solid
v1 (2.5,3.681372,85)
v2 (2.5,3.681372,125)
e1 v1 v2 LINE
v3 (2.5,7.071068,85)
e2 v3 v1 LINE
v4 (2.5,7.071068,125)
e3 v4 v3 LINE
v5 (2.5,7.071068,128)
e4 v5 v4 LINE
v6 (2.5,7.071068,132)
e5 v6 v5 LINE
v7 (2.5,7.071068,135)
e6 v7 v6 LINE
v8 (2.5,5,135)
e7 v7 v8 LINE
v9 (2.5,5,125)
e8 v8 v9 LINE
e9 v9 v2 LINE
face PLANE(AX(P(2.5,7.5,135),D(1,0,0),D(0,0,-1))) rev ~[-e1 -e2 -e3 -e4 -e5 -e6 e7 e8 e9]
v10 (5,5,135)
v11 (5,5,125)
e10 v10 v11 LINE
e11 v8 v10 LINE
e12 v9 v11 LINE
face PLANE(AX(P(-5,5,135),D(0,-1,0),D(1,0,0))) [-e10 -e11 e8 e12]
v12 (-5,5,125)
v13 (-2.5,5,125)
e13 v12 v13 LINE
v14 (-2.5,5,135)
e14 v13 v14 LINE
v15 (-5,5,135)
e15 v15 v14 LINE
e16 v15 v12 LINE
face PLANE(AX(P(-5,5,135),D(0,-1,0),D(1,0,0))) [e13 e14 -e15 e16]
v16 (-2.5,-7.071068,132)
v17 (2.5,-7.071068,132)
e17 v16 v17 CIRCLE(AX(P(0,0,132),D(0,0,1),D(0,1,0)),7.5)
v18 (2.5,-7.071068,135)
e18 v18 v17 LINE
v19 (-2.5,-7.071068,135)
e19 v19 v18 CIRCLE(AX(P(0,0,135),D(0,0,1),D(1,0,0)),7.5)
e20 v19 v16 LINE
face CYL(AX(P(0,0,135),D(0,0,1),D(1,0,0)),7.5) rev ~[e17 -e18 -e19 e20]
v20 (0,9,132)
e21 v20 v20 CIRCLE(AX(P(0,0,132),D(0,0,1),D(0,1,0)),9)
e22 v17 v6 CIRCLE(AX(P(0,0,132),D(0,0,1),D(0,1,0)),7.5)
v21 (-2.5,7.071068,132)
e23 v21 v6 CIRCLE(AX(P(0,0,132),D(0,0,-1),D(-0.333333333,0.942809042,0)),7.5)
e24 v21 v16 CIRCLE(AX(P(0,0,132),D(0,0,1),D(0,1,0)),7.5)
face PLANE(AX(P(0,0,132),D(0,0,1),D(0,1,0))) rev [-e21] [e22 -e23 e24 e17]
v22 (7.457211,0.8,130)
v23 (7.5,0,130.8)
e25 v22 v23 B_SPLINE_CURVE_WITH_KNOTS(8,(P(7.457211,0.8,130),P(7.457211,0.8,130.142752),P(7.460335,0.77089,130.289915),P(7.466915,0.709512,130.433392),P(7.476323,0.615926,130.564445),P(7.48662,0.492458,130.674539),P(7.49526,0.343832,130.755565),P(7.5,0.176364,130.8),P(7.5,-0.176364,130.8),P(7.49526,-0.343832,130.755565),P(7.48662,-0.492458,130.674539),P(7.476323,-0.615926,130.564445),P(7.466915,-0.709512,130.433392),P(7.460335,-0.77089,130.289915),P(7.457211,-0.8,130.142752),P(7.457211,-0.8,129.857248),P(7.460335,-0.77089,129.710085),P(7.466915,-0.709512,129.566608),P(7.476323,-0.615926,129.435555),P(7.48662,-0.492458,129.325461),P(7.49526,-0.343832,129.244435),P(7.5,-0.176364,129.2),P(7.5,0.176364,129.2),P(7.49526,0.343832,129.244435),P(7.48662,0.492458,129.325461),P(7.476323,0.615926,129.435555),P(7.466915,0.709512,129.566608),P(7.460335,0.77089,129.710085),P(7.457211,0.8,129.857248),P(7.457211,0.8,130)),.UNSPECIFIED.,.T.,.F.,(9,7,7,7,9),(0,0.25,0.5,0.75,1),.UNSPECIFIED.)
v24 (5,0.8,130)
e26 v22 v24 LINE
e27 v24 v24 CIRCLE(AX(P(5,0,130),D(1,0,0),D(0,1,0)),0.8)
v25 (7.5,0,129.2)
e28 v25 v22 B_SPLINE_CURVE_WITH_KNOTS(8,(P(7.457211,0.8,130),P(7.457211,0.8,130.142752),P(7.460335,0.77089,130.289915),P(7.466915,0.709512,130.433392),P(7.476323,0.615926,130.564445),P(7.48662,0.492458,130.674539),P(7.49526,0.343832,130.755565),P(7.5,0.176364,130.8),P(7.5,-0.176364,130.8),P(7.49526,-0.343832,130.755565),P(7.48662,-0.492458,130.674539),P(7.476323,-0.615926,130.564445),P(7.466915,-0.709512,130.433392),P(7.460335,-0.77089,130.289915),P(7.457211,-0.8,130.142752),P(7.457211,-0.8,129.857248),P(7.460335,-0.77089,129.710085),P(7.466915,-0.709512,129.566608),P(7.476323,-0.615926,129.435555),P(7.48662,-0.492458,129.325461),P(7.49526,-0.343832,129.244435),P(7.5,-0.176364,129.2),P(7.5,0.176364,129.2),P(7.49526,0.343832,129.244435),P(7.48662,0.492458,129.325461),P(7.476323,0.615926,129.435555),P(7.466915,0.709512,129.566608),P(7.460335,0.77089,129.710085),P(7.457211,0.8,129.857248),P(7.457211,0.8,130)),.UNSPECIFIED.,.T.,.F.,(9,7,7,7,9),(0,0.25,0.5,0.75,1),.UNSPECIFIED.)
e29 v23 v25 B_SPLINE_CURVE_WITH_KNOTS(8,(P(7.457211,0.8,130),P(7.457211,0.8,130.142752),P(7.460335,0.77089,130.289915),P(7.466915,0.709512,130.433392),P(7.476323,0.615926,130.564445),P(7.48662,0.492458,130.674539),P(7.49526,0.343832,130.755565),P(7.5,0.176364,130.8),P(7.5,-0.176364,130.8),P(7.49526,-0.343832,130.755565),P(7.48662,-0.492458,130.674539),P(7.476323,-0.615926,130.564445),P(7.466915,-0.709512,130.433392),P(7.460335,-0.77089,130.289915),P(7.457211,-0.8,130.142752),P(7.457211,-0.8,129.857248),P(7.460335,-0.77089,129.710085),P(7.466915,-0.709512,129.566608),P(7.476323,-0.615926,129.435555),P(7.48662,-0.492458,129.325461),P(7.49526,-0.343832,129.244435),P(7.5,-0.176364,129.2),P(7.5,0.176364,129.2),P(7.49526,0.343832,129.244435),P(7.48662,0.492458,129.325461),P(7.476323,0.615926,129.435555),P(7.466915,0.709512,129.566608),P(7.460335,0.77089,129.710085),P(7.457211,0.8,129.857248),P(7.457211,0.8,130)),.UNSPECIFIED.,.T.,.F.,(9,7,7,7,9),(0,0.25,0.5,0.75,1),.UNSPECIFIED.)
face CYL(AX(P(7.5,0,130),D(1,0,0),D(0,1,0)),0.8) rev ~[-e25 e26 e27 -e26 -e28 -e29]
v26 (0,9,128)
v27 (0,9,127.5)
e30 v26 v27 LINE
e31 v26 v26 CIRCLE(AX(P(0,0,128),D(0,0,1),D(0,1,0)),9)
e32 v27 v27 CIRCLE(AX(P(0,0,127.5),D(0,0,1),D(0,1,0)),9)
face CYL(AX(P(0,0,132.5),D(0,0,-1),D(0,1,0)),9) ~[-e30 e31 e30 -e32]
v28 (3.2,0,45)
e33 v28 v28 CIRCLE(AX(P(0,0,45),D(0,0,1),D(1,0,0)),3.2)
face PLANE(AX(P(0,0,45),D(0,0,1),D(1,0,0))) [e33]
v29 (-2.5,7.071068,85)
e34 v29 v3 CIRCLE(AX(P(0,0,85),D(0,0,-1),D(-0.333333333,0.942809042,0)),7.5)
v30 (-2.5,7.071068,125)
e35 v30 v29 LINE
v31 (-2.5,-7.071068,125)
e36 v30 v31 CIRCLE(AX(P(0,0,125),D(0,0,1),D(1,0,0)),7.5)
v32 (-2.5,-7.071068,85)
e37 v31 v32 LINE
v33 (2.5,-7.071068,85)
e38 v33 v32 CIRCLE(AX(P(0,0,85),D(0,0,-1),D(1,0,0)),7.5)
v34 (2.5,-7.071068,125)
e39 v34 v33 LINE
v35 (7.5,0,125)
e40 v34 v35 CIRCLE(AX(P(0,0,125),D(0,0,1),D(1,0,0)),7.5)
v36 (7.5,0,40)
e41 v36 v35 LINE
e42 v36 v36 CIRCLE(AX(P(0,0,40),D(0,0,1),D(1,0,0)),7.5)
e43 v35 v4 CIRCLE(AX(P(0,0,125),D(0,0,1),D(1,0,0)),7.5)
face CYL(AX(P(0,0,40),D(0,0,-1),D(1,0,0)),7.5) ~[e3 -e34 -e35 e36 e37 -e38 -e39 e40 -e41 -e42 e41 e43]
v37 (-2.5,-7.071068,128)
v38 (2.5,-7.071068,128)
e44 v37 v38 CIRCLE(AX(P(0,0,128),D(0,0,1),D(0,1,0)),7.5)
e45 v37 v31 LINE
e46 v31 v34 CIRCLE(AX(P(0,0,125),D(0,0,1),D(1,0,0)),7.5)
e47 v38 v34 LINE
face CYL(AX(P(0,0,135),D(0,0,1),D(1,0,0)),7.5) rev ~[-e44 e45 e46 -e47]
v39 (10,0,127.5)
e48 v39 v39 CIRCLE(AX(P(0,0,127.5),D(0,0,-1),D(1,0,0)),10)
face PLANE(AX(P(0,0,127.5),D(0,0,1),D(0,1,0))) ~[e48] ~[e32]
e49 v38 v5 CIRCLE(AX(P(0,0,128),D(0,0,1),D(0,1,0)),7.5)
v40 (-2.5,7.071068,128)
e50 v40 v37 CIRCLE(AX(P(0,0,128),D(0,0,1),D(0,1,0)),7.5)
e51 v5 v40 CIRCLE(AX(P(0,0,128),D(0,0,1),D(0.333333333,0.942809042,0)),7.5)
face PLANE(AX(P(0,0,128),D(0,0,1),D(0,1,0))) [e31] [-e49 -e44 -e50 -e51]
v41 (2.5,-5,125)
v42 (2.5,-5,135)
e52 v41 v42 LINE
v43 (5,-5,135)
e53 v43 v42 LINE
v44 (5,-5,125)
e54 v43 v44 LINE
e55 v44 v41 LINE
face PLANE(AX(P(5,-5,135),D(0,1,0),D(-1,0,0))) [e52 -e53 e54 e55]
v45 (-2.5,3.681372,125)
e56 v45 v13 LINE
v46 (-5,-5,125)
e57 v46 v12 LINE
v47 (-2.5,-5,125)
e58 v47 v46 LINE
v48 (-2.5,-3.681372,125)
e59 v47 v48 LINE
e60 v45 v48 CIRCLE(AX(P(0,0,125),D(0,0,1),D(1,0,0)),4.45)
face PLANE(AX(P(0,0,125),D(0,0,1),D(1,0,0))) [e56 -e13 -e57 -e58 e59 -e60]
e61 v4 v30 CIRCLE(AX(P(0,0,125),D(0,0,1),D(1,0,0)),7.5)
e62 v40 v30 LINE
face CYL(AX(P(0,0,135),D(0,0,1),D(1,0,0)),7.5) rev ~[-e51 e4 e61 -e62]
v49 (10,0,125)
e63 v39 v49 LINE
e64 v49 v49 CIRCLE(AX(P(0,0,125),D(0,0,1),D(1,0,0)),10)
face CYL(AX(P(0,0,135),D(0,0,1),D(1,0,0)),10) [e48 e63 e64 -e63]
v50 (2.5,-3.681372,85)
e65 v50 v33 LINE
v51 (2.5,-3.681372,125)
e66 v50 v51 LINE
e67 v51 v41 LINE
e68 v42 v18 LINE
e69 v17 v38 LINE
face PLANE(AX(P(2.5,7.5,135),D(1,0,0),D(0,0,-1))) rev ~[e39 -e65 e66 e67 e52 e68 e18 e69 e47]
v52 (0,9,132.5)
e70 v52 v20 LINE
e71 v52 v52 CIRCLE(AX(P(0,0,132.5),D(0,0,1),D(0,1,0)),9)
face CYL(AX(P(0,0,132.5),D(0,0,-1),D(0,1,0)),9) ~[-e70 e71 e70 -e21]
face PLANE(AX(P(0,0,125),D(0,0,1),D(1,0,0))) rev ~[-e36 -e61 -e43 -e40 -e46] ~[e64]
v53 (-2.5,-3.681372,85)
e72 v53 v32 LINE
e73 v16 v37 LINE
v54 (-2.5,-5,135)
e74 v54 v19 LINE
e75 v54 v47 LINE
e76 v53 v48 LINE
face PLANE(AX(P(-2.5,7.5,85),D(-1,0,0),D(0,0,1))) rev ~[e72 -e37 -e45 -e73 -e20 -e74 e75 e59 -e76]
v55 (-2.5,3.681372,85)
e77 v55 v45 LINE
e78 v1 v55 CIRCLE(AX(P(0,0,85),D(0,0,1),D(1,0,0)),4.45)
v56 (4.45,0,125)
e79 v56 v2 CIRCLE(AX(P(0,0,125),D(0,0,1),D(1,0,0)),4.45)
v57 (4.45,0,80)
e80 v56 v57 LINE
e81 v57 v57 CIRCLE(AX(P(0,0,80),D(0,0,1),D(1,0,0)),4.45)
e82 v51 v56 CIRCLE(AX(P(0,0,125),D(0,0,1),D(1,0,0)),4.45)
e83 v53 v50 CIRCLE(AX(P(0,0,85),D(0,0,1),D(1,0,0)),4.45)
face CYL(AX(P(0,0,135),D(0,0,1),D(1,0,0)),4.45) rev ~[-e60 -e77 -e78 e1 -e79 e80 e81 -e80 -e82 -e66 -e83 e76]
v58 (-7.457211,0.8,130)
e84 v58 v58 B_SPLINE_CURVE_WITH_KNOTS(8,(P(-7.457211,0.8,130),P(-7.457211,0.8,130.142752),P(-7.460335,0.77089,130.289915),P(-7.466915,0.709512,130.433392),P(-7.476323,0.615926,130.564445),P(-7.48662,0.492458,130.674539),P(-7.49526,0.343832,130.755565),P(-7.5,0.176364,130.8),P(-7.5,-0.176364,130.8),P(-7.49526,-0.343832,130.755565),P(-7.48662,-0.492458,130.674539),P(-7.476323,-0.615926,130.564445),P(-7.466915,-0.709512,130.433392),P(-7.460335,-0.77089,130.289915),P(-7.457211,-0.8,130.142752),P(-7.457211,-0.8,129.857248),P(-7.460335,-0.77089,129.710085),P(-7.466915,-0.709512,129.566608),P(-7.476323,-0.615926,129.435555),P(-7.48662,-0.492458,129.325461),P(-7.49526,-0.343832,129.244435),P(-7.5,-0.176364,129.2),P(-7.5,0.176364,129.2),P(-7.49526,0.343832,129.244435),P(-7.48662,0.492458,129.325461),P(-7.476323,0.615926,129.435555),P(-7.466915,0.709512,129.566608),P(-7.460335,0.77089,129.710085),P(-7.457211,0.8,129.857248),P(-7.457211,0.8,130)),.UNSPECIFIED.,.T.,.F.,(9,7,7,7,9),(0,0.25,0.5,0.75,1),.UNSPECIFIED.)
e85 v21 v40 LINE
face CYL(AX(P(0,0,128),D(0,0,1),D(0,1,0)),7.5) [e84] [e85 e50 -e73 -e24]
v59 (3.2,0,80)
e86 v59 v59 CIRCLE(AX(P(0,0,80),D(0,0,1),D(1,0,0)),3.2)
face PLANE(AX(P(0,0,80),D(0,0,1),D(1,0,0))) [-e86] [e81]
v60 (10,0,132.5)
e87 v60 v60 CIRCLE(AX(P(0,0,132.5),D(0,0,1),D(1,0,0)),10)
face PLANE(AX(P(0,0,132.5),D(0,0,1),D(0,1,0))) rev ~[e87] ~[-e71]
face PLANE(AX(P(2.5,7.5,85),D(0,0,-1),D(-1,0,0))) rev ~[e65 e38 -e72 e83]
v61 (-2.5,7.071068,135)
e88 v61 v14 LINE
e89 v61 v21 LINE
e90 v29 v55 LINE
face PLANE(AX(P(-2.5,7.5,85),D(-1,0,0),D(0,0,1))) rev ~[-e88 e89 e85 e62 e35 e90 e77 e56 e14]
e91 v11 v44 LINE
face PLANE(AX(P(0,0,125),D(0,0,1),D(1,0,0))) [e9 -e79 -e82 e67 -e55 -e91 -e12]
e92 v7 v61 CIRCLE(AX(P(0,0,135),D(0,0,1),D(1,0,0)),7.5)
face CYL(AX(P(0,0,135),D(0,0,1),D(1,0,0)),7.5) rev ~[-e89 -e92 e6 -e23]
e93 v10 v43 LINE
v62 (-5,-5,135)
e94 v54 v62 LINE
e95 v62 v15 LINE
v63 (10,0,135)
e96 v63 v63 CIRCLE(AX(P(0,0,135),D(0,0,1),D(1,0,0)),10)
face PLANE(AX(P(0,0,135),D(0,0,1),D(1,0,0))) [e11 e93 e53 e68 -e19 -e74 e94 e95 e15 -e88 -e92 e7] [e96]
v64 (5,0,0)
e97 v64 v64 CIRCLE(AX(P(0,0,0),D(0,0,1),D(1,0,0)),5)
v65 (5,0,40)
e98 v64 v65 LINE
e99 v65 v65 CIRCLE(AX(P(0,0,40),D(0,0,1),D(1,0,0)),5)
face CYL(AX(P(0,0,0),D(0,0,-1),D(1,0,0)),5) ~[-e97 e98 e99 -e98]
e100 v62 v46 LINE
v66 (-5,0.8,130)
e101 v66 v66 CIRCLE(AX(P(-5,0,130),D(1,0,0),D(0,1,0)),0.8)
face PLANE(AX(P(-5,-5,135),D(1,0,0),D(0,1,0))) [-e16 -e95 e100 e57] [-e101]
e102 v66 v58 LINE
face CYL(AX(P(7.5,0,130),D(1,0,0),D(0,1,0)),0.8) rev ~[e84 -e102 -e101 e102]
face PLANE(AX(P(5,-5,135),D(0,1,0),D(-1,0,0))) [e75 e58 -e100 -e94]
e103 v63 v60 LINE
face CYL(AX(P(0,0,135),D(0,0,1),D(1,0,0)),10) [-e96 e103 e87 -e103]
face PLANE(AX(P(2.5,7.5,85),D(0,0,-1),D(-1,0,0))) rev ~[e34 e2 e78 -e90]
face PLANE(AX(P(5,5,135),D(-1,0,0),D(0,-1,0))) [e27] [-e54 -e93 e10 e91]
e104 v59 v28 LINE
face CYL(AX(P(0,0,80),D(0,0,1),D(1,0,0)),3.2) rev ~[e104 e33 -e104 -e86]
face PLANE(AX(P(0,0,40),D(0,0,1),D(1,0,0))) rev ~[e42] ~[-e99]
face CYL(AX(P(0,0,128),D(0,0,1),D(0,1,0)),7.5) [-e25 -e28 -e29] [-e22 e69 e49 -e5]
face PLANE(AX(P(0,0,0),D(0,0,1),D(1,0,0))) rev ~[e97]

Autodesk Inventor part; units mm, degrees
ref_plane "XY Plane" through (0, 0, 0) normal (0, 0, 1) x (1, 0, 0)
sketch "Sketch1" plane through (0, 0, 0) normal (0, 0, 1) x (1, 0, 0)
  circle A0 centre (0, 0) radius 5
  dimension "d0" = 10
extrude "Extrusion1" add sketch "Sketch1" along normal blind 40
sketch "Sketch3" plane through (0, 0, 40) normal (0, 0, 1) x (1, 0, 0)
  circle A0 centre (0, 0) radius 7.5
  dimension "d13" = 15
extrude "Extrusion3" add sketch "Sketch3" along normal blind 95
sketch "Sketch4" plane through (0, 0, 135) normal (0, 0, 1) x (1, 0, 0)
  circle A0 centre (0, 0) radius 4.45
  dimension "d16" = 8.9
extrude "Extrusion4" cut sketch "Sketch4" against normal blind 55
ref_plane "Work Plane2" through (0, 7.5, 40) normal (0, 1, 0) x (-1, 0, 0)
sketch "Sketch5" plane through (0, 7.5, 40) normal (0, 1, 0) x (-1, 0, 0)
  line L0 (2.5, 95) -> (-2.5, 95)
  line L1 (-2.5, 95) -> (-2.5, 45)
  line L2 (-2.5, 45) -> (2.5, 45)
  line L3 (2.5, 45) -> (2.5, 95)
  line L4 (7.5, 95) -> (-7.5, 95) projected
  point P0 (0, -40)
  dimension "d19" = 0
  dimension "d20" = 5
  dimension "d21" = 2.5
  dimension "d22" = 50
extrude "Extrusion5" cut sketch "Sketch5" against normal through all
sketch "Sketch6" plane through (0, 0, 80) normal (0, 0, 1) x (1, 0, 0)
  circle A0 centre (0, 0) radius 3.2
  dimension "d25" = 6.4
extrude "Extrusion6" cut sketch "Sketch6" against normal blind 35
sketch "Sketch7" plane through (0, 0, 135) normal (0, 0, 1) x (1, 0, 0)
  line L0 (-5, 5) -> (5, 5)
  line L1 (5, 5) -> (5, -5)
  line L2 (5, -5) -> (-5, -5)
  line L3 (-5, -5) -> (-5, 5)
  circle A0 centre (0, 0) radius 3.2 projected
  dimension "d29" = 10
  dimension "d30" = 10
  dimension "d31" = 5
  dimension "d32" = 5
extrude "Extrusion7" cut sketch "Sketch7" against normal blind 10
sketch "Sketch9" plane through (0, 0, 135) normal (0, 0, 1) x (1, 0, 0)
  circle A0 centre (0, 0) radius 10
  circle A1 centre (0, 0) radius 7.5
  dimension "d39" = 20
  dimension "d42" = 15
extrude "Extrusion8" add sketch "Sketch9" against normal blind 10
sketch "Sketch10" plane through (0, 0, 0) normal (1, 0, 0) x (0, 1, 0)
  line L0 (7.5, 132) -> (10, 132)
  line L1 (10, 132) -> (10, 128)
  line L2 (10, 128) -> (7.5, 128)
  line L3 (7.5, 128) -> (7.5, 132)
  line L4 (-10, 125) -> (10, 125) projected
  line L5 (0, -27) -> (0, 162) projected
  line L6 (10, 135) -> (10, 125) projected
  line L7 (9, 127.5) -> (10, 127.5)
  line L8 (10, 127.5) -> (10, 132.5)
  line L9 (10, 132.5) -> (9, 132.5)
  line L10 (9, 132.5) -> (9, 127.5)
  line L11 (-10, 135) -> (10, 135) projected
  point P0 (0, 0)
  dimension "d43" = 4
  dimension "d44" = 3
  dimension "d46" = 2.5
  dimension "d47" = 10
  dimension "d49" = 5
  dimension "d50" = 2.5
  dimension "d51" = 1
revolve "Revolution1" cut sketch "Sketch10" angle 360 about axis through (0, 0, -10) along (0, 0, 1) contours L0 L10 L2 L3 | L10 L9 L6 L0 | L0 L1 L2 L10 | L2 L6 L7 L10
ref_plane "Work Plane4" through (7.5, 0, 130) normal (1, 0, 0) x (0, 1, 0)
sketch "Sketch12" plane through (7.5, 0, 130) normal (1, 0, 0) x (0, 1, 0)
  circle A0 centre (0, 0) radius 0.8
  point P0 (0, -130)
  dimension "d53" = 1.6
extrude "Extrusion9" cut sketch "Sketch12" against normal through all
equation "\"d21\" = 0.5 * d20"
equation "\"d31\" = 0.5 * d30"
equation "\"d32\" = 0.5 * d29"
properties part number "Handle"
